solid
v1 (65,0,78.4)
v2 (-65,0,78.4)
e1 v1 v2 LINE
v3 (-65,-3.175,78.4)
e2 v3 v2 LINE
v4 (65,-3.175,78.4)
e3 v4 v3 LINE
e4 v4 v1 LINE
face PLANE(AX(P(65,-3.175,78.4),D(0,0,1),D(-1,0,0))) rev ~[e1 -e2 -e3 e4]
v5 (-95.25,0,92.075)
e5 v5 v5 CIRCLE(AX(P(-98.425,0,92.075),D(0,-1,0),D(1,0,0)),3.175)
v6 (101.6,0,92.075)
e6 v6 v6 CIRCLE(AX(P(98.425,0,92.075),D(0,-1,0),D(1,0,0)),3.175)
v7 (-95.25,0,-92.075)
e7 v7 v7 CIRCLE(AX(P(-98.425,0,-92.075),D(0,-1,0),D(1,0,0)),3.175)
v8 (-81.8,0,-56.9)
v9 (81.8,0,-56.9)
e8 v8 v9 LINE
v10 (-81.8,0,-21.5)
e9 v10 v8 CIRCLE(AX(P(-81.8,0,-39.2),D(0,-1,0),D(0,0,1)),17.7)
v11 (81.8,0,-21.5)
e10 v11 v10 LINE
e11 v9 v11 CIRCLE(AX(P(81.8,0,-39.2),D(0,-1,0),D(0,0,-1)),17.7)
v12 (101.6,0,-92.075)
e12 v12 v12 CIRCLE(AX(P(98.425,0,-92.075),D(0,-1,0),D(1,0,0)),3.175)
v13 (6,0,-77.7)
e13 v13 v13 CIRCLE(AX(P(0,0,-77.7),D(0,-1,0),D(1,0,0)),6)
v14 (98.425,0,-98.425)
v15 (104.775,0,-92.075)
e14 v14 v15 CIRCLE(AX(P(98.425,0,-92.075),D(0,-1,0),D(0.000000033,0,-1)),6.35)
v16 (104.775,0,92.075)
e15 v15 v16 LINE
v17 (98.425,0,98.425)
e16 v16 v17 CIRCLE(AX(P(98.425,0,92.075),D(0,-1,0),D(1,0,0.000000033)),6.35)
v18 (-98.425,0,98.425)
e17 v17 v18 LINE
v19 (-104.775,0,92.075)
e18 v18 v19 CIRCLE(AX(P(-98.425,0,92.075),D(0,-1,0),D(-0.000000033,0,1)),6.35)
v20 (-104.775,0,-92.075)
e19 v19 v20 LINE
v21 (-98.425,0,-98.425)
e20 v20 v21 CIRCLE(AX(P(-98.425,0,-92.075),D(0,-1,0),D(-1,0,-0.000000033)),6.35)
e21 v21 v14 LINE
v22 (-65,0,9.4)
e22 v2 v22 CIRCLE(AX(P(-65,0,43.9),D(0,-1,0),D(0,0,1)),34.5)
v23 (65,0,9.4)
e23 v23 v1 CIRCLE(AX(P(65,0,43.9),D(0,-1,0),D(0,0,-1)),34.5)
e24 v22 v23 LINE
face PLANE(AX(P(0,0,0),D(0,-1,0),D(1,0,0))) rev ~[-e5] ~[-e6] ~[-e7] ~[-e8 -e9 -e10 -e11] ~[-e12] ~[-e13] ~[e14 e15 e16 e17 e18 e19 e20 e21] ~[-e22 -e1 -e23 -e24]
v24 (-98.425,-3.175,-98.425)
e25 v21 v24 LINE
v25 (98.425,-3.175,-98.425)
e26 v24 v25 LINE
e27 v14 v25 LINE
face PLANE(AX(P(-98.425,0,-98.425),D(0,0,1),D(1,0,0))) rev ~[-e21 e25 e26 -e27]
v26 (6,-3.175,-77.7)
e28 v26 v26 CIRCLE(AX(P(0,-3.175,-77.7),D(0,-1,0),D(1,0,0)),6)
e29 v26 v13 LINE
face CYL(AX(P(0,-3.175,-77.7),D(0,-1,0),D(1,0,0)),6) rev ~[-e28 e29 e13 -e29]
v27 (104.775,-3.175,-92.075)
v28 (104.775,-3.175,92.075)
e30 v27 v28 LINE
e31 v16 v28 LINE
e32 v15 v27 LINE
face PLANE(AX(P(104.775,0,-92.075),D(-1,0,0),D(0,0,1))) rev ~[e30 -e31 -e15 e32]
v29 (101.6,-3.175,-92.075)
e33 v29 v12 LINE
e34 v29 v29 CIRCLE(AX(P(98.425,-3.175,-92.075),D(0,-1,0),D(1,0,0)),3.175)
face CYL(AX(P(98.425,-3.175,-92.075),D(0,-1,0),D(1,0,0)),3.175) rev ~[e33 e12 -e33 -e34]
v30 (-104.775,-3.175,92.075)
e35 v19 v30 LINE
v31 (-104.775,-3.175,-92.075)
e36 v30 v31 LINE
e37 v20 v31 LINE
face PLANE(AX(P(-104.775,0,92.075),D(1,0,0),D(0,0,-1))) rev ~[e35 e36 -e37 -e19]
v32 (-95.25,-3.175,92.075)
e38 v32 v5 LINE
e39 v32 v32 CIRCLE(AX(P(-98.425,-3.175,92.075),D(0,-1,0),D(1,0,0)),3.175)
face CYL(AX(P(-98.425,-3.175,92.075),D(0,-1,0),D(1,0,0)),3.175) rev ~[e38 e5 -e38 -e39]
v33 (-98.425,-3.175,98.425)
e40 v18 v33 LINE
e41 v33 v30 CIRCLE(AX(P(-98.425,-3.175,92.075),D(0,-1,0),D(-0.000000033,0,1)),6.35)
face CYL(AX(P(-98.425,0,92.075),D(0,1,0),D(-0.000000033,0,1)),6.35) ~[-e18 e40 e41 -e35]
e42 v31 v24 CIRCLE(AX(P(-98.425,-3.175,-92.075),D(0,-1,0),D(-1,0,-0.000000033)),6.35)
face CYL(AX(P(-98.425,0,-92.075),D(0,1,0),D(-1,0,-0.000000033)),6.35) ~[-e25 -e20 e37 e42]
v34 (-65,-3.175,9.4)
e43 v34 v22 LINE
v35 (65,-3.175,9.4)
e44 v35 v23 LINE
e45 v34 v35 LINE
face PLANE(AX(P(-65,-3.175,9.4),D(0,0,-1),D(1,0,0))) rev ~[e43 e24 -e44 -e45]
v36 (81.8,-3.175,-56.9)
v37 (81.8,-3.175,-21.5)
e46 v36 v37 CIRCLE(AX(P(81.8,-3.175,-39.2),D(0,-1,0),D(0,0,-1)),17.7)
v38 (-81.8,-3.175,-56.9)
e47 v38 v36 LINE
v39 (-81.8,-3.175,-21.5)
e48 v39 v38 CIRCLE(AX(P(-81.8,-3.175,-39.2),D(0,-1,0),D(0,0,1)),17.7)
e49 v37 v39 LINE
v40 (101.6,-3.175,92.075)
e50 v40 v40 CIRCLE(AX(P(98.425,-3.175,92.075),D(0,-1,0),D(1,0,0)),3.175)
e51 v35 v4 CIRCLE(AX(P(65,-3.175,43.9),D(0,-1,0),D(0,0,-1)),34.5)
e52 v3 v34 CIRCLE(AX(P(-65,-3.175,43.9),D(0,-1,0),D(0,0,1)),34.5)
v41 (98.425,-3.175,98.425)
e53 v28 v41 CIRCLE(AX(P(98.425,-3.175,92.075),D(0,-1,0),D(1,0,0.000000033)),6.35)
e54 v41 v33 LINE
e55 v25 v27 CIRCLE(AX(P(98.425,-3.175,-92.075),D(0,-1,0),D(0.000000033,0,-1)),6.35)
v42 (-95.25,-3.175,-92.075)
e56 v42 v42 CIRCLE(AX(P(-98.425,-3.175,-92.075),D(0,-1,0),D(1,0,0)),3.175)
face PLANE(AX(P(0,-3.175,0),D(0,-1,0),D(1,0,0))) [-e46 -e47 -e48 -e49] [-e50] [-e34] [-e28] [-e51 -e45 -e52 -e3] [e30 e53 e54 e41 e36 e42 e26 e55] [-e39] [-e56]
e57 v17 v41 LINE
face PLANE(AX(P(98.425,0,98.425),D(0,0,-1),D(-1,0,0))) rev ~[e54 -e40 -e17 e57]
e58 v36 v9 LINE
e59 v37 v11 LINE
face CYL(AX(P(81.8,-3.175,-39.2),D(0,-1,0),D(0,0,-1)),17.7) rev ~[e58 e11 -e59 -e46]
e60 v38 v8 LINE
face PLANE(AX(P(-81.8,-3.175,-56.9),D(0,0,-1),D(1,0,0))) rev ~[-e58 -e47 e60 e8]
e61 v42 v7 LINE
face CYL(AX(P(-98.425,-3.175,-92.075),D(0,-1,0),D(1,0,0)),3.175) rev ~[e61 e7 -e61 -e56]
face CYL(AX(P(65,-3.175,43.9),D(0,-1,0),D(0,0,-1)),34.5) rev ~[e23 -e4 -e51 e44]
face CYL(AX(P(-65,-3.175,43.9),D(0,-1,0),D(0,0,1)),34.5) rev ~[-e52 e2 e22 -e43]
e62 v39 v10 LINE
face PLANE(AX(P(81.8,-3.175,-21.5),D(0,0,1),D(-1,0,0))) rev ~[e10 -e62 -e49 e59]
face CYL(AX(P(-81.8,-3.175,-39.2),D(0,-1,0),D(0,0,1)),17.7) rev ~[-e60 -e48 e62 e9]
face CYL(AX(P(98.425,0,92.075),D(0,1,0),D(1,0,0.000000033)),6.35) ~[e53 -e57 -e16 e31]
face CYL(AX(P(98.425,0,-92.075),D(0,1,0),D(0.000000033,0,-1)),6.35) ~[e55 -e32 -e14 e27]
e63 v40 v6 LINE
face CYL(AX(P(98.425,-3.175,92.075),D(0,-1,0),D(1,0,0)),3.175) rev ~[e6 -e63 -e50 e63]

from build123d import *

# Parameters (mm, degrees)
F1_DEPTH = 3.175
F2_R     = 3.175
F3_DEPTH = 25.4
F5_DEPTH = 25
F6_DEPTH = 25
F7_DEPTH = 25
F8_R     = 6
F9_DEPTH = 25


with BuildPart() as f1:
    # F0 (on Front) → F1 (new body)
    with BuildSketch(Plane.XZ):
        with BuildLine():
            Line((98.425, 98.425), (-98.425, 98.425))
            ThreePointArc((-98.425, 98.425), (-102.915128, 96.565128), (-104.775, 92.075))
            Line((-104.775, 92.075), (-104.775, -92.075))
            ThreePointArc((-104.775, -92.075), (-102.915128, -96.565128), (-98.425, -98.425))
            Line((-98.425, -98.425), (98.425, -98.425))
            ThreePointArc((98.425, -98.425), (102.915128, -96.565128), (104.775, -92.075))
            Line((104.775, -92.075), (104.775, 92.075))
            ThreePointArc((104.775, 92.075), (102.915128, 96.565128), (98.425, 98.425))
        make_face()
    extrude(amount=F1_DEPTH)

    # F2 (on face) → F3 (cut)
    with BuildSketch(Plane.XZ.offset(3.175)):
        with Locations((-98.425, 92.075)):
            Circle(F2_R)
        with Locations((98.425, 92.075)):
            Circle(F2_R)
        with Locations((98.425, -92.075)):
            Circle(F2_R)
        with Locations((-98.425, -92.075)):
            Circle(F2_R)
    extrude(amount=-F3_DEPTH, mode=Mode.SUBTRACT)

    # F4 (on face) → F5 (cut)
    with BuildSketch(Plane.XZ.offset(3.175)):
        with BuildLine():
            ThreePointArc((-65, 78.4), (-99.5, 43.9), (-65, 9.4))
            Line((-65, 9.4), (65, 9.4))
            ThreePointArc((65, 9.4), (99.5, 43.9), (65, 78.4))
            Line((65, 78.4), (-65, 78.4))
        make_face()
        with BuildLine():
            ThreePointArc((-81.8, -21.5), (-99.5, -39.2), (-81.8, -56.9))
            Line((-81.8, -56.9), (81.8, -56.9))
            ThreePointArc((81.8, -56.9), (99.5, -39.2), (81.8, -21.5))
            Line((81.8, -21.5), (-81.8, -21.5))
        make_face()
    extrude(amount=-F5_DEPTH, mode=Mode.SUBTRACT)

    # F4 (on face) → F6 (cut)
    with BuildSketch(Plane.XZ.offset(3.175)):
        with BuildLine():
            ThreePointArc((-65, 78.4), (-99.5, 43.9), (-65, 9.4))
            Line((-65, 9.4), (65, 9.4))
            ThreePointArc((65, 9.4), (99.5, 43.9), (65, 78.4))
            Line((65, 78.4), (-65, 78.4))
        make_face()
        with BuildLine():
            ThreePointArc((-81.8, -21.5), (-99.5, -39.2), (-81.8, -56.9))
            Line((-81.8, -56.9), (81.8, -56.9))
            ThreePointArc((81.8, -56.9), (99.5, -39.2), (81.8, -21.5))
            Line((81.8, -21.5), (-81.8, -21.5))
        make_face()
    extrude(amount=-F6_DEPTH, mode=Mode.SUBTRACT)

    # F4 (on face) → F7 (cut)
    with BuildSketch(Plane.XZ.offset(3.175)):
        with BuildLine():
            ThreePointArc((-65, 78.4), (-99.5, 43.9), (-65, 9.4))
            Line((-65, 9.4), (65, 9.4))
            ThreePointArc((65, 9.4), (99.5, 43.9), (65, 78.4))
            Line((65, 78.4), (-65, 78.4))
        make_face()
        with BuildLine():
            ThreePointArc((-81.8, -21.5), (-99.5, -39.2), (-81.8, -56.9))
            Line((-81.8, -56.9), (81.8, -56.9))
            ThreePointArc((81.8, -56.9), (99.5, -39.2), (81.8, -21.5))
            Line((81.8, -21.5), (-81.8, -21.5))
        make_face()
    extrude(amount=-F7_DEPTH, mode=Mode.SUBTRACT)

    # F8 (on face) → F9 (cut)
    with BuildSketch(Plane.XZ.offset(3.175)):
        with Locations((0, -77.7)):
            Circle(F8_R)
    extrude(amount=-F9_DEPTH, mode=Mode.SUBTRACT)


solid = f1.part
